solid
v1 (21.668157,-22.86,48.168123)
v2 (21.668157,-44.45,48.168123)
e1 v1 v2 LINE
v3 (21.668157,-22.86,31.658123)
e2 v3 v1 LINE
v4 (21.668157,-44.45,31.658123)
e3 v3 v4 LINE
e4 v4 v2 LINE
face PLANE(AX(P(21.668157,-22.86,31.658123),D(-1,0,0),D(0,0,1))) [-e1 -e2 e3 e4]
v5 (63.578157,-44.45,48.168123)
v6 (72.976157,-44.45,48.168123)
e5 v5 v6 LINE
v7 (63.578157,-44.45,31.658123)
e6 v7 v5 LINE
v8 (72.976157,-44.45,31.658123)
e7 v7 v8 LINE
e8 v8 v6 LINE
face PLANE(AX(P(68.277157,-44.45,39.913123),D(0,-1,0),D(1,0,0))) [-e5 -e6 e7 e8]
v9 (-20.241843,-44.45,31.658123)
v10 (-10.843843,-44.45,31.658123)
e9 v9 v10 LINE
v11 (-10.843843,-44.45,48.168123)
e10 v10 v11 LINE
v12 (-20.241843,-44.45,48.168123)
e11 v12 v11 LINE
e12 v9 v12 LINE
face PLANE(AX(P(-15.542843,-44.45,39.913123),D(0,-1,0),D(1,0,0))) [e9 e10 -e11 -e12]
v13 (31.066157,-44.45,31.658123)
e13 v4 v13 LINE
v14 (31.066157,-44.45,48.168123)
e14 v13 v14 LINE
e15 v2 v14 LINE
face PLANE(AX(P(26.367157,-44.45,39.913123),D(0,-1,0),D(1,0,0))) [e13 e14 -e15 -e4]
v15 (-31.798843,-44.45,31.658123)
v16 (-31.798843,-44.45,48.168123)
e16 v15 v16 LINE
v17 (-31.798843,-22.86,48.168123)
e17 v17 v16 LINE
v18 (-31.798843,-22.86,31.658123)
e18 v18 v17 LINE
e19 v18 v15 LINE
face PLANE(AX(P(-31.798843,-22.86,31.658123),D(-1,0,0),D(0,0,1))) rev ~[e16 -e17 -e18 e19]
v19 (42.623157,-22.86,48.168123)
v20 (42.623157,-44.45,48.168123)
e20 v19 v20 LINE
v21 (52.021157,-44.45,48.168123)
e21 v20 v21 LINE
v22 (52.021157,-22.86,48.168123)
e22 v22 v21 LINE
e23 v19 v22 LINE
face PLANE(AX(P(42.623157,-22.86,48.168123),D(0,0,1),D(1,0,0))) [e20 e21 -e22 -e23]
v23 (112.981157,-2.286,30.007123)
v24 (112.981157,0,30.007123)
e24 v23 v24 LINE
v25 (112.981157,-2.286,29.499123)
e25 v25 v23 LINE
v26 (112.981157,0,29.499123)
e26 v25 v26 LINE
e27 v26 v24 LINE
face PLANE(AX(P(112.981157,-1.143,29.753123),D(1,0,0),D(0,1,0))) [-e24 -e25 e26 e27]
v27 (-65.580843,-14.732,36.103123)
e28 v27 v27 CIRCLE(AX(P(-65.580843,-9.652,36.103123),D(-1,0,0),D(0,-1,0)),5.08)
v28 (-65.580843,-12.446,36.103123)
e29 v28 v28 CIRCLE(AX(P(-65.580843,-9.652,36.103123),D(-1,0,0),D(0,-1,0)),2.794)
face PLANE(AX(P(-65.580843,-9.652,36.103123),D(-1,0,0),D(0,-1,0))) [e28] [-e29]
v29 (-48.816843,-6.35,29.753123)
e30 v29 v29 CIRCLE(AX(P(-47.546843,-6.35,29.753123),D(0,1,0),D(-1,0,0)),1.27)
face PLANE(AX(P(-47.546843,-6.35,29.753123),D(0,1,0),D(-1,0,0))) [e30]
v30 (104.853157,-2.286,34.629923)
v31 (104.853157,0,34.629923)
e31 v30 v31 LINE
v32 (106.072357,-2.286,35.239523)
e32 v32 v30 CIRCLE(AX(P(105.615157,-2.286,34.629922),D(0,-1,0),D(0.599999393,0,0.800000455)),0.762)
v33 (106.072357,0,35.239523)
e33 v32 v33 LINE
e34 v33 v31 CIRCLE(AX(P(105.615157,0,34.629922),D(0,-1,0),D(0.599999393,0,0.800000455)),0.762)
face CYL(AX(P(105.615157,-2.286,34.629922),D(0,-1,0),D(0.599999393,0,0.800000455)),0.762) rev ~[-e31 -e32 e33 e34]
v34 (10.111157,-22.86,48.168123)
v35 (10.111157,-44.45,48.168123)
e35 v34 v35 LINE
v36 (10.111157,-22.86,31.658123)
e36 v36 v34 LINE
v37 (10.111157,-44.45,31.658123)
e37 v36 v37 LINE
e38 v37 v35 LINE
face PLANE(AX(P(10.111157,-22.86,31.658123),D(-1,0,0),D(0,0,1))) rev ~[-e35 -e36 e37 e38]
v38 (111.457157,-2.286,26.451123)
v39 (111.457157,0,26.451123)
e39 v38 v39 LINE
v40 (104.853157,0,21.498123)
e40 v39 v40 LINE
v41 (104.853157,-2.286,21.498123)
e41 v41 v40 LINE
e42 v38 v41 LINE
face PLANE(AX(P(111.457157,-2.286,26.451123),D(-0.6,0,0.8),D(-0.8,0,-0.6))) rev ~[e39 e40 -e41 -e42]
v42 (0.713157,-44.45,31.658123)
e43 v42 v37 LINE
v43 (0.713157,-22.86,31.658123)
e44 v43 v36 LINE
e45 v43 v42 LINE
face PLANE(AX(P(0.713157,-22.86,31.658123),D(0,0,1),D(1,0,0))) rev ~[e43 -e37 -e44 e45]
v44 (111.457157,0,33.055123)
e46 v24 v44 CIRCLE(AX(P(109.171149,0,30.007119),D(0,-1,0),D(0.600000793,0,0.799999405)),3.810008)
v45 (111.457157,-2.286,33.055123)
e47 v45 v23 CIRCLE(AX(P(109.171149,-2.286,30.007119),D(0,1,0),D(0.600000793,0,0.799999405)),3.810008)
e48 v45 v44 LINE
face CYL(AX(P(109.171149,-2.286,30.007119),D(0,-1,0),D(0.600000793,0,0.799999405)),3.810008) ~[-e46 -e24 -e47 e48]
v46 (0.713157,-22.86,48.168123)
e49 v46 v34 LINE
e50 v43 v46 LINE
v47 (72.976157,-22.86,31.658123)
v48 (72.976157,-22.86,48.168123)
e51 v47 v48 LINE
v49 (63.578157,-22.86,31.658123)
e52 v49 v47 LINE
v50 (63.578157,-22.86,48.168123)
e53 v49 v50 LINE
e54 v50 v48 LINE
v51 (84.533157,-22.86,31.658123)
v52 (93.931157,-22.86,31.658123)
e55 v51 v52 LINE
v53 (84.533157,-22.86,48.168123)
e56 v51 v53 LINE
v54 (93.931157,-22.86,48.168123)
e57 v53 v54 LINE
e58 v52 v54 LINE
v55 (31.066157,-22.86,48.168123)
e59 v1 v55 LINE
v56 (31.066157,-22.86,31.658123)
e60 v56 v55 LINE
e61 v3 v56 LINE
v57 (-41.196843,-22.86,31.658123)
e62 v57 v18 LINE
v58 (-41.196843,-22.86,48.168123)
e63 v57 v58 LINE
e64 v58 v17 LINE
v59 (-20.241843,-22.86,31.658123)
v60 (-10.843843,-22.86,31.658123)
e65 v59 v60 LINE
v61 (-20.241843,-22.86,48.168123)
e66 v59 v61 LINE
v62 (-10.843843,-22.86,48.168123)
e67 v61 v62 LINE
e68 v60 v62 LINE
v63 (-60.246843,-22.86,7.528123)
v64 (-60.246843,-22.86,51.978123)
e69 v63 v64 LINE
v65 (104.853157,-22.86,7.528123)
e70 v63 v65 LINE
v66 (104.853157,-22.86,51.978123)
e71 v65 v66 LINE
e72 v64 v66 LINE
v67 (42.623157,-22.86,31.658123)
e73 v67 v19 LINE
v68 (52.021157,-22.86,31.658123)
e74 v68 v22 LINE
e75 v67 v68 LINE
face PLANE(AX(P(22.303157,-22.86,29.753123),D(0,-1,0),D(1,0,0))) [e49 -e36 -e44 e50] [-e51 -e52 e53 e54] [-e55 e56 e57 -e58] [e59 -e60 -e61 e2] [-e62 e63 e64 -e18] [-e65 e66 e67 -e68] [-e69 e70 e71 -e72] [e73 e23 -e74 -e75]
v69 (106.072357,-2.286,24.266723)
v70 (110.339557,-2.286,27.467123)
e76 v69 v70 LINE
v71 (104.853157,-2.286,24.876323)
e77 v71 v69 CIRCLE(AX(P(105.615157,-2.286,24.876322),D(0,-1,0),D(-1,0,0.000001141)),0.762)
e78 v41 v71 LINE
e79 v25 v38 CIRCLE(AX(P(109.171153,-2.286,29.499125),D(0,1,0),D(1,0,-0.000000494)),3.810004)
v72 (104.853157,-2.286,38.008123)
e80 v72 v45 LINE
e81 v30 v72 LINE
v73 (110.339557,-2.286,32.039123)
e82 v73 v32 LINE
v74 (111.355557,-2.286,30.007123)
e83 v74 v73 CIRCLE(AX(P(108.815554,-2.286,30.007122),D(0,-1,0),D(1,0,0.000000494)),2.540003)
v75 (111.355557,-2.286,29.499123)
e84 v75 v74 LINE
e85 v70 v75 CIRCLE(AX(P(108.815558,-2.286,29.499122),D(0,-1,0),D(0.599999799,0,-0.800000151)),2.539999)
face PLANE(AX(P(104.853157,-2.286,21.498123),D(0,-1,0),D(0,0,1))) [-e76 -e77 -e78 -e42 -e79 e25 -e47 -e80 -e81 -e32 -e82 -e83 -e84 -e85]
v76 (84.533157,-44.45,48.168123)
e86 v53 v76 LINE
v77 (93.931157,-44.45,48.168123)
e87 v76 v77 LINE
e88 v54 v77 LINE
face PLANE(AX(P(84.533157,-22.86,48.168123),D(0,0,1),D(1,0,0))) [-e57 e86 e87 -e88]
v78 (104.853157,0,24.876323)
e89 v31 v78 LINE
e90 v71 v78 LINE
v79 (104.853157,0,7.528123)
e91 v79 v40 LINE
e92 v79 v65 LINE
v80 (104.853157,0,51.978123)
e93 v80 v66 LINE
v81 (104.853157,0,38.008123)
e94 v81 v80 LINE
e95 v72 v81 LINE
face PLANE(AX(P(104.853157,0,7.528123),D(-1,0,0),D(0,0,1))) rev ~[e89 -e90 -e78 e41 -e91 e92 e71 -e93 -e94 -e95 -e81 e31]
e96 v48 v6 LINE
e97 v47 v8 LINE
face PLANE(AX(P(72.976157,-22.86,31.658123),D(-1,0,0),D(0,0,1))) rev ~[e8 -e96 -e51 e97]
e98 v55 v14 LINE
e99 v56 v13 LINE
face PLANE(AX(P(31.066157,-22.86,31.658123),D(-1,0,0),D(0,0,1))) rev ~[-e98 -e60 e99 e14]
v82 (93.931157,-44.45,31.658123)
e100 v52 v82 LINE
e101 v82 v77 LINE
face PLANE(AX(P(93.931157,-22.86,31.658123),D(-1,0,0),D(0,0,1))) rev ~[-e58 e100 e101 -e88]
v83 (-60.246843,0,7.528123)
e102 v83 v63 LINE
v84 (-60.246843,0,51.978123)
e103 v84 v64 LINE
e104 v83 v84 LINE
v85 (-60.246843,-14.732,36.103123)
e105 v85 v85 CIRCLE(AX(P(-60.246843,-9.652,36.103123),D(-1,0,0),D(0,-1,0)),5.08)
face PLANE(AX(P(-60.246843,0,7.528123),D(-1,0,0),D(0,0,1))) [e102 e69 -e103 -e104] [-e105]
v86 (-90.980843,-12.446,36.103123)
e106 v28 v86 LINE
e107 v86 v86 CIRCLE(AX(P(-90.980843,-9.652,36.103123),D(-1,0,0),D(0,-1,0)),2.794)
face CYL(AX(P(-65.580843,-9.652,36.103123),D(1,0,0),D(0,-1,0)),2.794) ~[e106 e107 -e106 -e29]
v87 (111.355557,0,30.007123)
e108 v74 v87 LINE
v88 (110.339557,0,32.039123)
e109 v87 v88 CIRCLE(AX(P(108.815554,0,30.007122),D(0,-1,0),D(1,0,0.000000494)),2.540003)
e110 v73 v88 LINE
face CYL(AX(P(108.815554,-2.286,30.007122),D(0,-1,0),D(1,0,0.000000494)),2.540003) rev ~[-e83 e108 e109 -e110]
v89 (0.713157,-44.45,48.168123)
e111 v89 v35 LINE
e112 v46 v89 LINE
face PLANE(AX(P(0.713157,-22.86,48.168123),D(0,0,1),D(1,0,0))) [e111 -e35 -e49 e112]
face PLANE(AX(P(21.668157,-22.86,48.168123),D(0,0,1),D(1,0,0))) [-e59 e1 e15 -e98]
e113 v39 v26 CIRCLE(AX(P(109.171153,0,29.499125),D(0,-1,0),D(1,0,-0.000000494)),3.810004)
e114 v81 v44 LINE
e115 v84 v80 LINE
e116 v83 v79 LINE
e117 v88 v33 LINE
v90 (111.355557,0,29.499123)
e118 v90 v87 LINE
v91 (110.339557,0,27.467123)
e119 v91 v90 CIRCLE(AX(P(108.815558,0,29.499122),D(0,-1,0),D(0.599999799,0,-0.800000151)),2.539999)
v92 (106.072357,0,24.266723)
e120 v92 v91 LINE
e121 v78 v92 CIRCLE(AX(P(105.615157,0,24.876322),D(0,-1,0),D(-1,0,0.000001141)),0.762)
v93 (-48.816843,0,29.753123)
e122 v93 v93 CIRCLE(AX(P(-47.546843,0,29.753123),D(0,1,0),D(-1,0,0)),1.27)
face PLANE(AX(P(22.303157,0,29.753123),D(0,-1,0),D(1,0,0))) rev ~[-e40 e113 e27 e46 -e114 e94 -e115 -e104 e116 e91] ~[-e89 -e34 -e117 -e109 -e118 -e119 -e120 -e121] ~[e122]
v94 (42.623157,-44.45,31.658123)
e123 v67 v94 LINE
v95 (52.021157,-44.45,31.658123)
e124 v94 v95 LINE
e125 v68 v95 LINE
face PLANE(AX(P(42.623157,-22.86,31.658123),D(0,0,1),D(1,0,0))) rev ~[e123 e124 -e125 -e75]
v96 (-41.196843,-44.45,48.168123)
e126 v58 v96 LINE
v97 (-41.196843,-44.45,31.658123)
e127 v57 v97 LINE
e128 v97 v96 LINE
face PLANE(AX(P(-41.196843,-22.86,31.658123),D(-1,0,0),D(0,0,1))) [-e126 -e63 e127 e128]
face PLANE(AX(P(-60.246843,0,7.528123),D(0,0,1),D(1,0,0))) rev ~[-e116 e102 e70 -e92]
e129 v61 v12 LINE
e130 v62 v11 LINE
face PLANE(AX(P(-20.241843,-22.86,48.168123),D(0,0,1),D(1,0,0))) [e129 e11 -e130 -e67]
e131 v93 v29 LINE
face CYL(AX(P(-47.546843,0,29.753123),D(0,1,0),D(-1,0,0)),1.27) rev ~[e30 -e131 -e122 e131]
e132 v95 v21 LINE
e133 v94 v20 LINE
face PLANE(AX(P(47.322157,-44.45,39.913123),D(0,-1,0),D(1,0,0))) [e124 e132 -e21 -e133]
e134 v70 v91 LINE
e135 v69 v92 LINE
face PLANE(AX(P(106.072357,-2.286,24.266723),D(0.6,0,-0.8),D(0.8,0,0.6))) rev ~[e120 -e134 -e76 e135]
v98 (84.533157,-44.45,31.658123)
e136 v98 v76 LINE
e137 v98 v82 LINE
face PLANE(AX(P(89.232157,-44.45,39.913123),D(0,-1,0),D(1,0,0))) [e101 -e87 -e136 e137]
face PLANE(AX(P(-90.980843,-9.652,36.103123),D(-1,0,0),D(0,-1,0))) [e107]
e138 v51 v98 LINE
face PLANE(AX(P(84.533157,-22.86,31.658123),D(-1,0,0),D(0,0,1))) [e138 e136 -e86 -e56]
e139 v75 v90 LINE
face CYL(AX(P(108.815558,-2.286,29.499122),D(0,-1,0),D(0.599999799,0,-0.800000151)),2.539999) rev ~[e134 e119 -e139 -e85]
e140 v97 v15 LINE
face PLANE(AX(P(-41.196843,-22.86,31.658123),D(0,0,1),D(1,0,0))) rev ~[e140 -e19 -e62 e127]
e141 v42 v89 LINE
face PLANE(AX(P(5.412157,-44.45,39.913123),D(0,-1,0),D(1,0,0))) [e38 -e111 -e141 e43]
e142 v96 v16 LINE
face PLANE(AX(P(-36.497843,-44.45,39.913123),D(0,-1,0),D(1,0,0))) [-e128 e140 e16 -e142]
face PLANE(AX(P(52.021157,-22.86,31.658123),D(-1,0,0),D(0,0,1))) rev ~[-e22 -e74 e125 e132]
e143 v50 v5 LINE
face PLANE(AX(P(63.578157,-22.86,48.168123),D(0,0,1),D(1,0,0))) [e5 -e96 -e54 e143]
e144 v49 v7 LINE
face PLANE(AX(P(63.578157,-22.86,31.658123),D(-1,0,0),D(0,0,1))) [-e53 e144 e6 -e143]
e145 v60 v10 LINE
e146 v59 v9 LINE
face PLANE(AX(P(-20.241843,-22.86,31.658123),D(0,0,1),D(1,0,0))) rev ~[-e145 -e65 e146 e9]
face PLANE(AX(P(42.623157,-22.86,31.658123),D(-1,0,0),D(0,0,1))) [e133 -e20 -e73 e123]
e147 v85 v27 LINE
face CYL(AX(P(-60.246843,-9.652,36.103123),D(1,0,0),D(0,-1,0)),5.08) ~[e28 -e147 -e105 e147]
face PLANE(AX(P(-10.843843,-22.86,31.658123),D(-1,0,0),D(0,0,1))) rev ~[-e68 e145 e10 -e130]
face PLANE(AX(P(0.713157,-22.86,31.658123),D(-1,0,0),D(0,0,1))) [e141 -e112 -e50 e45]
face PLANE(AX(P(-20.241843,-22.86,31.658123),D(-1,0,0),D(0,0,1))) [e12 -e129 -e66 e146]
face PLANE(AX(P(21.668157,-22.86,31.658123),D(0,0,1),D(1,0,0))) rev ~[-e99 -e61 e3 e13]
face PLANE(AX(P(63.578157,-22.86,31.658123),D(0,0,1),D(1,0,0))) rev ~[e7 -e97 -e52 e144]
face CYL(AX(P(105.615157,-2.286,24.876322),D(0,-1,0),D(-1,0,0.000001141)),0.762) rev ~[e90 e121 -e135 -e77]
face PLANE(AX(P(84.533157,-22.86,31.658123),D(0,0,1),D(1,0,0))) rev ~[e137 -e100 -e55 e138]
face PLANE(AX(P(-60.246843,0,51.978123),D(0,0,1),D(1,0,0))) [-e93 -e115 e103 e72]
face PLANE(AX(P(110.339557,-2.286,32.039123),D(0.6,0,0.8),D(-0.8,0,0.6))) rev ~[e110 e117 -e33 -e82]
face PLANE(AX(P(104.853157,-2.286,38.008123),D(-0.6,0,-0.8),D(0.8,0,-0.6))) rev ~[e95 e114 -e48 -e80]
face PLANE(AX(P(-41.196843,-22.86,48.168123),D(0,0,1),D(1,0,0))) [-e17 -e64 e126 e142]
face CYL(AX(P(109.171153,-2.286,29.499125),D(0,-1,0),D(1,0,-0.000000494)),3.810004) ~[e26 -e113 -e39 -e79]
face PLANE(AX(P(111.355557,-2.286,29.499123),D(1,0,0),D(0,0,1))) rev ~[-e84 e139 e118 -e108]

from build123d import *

# Parameters (mm, degrees)
F0_W      = 165.1
F0_H      = 44.45
F1_DEPTH  = 22.86
F2_R      = 5.08
F3_DEPTH  = 5.334
F4_R      = 2.794
F5_DEPTH  = 25.4
F6_W      = 9.398
F6_H      = 16.51
F7_DEPTH  = 21.59
F8_W      = 2.286
F8_H      = 16.51
F9_DEPTH  = 8.128
F11_DEPTH = 25.4
F12_R     = 1.27
F13_DEPTH = 6.35


with BuildPart() as f1:
    # F0 (on Front) → F1 (new body)
    with BuildSketch(Plane.XZ):
        with Locations((22.303157, 29.753123)):
            Rectangle(F0_W, F0_H)
    extrude(amount=F1_DEPTH)

    # F2 (on face) → F3 (join)
    with BuildSketch(Plane(origin=(-60.246843, 0, 0), x_dir=(0, -1, 0), z_dir=(-1, 0, 0))):
        with Locations((9.652, 36.103123)):
            Circle(F2_R)
    extrude(amount=F3_DEPTH)

    # F4 (on face) → F5 (join)
    with BuildSketch(Plane(origin=(-65.580843, 0, 0), x_dir=(0, -1, 0), z_dir=(-1, 0, 0))):
        with Locations((9.652, 36.103123)):
            Circle(F4_R)
    extrude(amount=F5_DEPTH)

    # F6 (on face) → F7 (join)
    with BuildSketch(Plane.XZ.offset(22.86)):
        with Locations((-36.497843, 39.913123)):
            Rectangle(F6_W, F6_H)
        with Locations((-15.542843, 39.913123)):
            Rectangle(F6_W, F6_H)
        with Locations((5.412157, 39.913123)):
            Rectangle(F6_W, F6_H)
        with Locations((26.367157, 39.913123)):
            Rectangle(F6_W, F6_H)
        with Locations((47.322157, 39.913123)):
            Rectangle(F6_W, F6_H)
        with Locations((68.277157, 39.913123)):
            Rectangle(F6_W, F6_H)
        with Locations((89.232157, 39.913123)):
            Rectangle(F6_W, F6_H)
    extrude(amount=F7_DEPTH)

    # F8 (on face) → F9 (join)
    with BuildSketch(Plane.YZ.offset(104.853157)):
        with Locations((-1.143, 29.753123)):
            Rectangle(F8_W, F8_H)
    extrude(amount=F9_DEPTH)

    # F10 (on face) → F11 (cut)
    with BuildSketch(Plane.XZ.offset(2.286)):
        with BuildLine():
            Line((112.981157, 38.008123), (104.853157, 38.008123))
            Line((104.853157, 38.008123), (111.457157, 33.055123))
            ThreePointArc((111.457157, 33.055123), (112.578924, 31.711006), (112.981157, 30.007123))
            Line((112.981157, 30.007123), (112.981157, 31.912123))
            Line((112.981157, 31.912123), (112.981157, 38.008123))
        make_face()
        with BuildLine():
            Line((112.981157, 27.594123), (112.981157, 29.499123))
            ThreePointArc((112.981157, 29.499123), (112.578924, 27.795239), (111.457157, 26.451123))
            Line((111.457157, 26.451123), (104.853157, 21.498123))
            Line((104.853157, 21.498123), (112.981157, 21.498123))
            Line((112.981157, 21.498123), (112.981157, 27.594123))
        make_face()
        with BuildLine():
            Line((110.339557, 32.039123), (106.072357, 35.239523))
            ThreePointArc((106.072357, 35.239523), (105.27438, 35.311476), (104.853157, 34.629923))
            Line((104.853157, 34.629923), (104.853157, 29.753123))
            Line((104.853157, 29.753123), (111.355557, 29.753123))
            Line((111.355557, 29.753123), (111.355557, 30.007123))
            ThreePointArc((111.355557, 30.007123), (111.087402, 31.143045), (110.339557, 32.039123))
        make_face()
        with BuildLine():
            Line((111.355557, 29.753123), (104.853157, 29.753123))
            Line((104.853157, 29.753123), (104.853157, 24.876323))
            ThreePointArc((104.853157, 24.876323), (105.27438, 24.194769), (106.072357, 24.266723))
            Line((106.072357, 24.266723), (110.339557, 27.467123))
            ThreePointArc((110.339557, 27.467123), (111.087402, 28.3632), (111.355557, 29.499123))
            Line((111.355557, 29.499123), (111.355557, 29.753123))
        make_face()
    extrude(amount=-F11_DEPTH, mode=Mode.SUBTRACT)

    # F12 (on face) → F13 (cut)
    with BuildSketch(Plane(origin=(0, 0, 0), x_dir=(-1, 0, 0), z_dir=(0, 1, 0))):
        with Locations((47.546843, 29.753123)):
            Circle(F12_R)
    extrude(amount=-F13_DEPTH, mode=Mode.SUBTRACT)


solid = f1.part
